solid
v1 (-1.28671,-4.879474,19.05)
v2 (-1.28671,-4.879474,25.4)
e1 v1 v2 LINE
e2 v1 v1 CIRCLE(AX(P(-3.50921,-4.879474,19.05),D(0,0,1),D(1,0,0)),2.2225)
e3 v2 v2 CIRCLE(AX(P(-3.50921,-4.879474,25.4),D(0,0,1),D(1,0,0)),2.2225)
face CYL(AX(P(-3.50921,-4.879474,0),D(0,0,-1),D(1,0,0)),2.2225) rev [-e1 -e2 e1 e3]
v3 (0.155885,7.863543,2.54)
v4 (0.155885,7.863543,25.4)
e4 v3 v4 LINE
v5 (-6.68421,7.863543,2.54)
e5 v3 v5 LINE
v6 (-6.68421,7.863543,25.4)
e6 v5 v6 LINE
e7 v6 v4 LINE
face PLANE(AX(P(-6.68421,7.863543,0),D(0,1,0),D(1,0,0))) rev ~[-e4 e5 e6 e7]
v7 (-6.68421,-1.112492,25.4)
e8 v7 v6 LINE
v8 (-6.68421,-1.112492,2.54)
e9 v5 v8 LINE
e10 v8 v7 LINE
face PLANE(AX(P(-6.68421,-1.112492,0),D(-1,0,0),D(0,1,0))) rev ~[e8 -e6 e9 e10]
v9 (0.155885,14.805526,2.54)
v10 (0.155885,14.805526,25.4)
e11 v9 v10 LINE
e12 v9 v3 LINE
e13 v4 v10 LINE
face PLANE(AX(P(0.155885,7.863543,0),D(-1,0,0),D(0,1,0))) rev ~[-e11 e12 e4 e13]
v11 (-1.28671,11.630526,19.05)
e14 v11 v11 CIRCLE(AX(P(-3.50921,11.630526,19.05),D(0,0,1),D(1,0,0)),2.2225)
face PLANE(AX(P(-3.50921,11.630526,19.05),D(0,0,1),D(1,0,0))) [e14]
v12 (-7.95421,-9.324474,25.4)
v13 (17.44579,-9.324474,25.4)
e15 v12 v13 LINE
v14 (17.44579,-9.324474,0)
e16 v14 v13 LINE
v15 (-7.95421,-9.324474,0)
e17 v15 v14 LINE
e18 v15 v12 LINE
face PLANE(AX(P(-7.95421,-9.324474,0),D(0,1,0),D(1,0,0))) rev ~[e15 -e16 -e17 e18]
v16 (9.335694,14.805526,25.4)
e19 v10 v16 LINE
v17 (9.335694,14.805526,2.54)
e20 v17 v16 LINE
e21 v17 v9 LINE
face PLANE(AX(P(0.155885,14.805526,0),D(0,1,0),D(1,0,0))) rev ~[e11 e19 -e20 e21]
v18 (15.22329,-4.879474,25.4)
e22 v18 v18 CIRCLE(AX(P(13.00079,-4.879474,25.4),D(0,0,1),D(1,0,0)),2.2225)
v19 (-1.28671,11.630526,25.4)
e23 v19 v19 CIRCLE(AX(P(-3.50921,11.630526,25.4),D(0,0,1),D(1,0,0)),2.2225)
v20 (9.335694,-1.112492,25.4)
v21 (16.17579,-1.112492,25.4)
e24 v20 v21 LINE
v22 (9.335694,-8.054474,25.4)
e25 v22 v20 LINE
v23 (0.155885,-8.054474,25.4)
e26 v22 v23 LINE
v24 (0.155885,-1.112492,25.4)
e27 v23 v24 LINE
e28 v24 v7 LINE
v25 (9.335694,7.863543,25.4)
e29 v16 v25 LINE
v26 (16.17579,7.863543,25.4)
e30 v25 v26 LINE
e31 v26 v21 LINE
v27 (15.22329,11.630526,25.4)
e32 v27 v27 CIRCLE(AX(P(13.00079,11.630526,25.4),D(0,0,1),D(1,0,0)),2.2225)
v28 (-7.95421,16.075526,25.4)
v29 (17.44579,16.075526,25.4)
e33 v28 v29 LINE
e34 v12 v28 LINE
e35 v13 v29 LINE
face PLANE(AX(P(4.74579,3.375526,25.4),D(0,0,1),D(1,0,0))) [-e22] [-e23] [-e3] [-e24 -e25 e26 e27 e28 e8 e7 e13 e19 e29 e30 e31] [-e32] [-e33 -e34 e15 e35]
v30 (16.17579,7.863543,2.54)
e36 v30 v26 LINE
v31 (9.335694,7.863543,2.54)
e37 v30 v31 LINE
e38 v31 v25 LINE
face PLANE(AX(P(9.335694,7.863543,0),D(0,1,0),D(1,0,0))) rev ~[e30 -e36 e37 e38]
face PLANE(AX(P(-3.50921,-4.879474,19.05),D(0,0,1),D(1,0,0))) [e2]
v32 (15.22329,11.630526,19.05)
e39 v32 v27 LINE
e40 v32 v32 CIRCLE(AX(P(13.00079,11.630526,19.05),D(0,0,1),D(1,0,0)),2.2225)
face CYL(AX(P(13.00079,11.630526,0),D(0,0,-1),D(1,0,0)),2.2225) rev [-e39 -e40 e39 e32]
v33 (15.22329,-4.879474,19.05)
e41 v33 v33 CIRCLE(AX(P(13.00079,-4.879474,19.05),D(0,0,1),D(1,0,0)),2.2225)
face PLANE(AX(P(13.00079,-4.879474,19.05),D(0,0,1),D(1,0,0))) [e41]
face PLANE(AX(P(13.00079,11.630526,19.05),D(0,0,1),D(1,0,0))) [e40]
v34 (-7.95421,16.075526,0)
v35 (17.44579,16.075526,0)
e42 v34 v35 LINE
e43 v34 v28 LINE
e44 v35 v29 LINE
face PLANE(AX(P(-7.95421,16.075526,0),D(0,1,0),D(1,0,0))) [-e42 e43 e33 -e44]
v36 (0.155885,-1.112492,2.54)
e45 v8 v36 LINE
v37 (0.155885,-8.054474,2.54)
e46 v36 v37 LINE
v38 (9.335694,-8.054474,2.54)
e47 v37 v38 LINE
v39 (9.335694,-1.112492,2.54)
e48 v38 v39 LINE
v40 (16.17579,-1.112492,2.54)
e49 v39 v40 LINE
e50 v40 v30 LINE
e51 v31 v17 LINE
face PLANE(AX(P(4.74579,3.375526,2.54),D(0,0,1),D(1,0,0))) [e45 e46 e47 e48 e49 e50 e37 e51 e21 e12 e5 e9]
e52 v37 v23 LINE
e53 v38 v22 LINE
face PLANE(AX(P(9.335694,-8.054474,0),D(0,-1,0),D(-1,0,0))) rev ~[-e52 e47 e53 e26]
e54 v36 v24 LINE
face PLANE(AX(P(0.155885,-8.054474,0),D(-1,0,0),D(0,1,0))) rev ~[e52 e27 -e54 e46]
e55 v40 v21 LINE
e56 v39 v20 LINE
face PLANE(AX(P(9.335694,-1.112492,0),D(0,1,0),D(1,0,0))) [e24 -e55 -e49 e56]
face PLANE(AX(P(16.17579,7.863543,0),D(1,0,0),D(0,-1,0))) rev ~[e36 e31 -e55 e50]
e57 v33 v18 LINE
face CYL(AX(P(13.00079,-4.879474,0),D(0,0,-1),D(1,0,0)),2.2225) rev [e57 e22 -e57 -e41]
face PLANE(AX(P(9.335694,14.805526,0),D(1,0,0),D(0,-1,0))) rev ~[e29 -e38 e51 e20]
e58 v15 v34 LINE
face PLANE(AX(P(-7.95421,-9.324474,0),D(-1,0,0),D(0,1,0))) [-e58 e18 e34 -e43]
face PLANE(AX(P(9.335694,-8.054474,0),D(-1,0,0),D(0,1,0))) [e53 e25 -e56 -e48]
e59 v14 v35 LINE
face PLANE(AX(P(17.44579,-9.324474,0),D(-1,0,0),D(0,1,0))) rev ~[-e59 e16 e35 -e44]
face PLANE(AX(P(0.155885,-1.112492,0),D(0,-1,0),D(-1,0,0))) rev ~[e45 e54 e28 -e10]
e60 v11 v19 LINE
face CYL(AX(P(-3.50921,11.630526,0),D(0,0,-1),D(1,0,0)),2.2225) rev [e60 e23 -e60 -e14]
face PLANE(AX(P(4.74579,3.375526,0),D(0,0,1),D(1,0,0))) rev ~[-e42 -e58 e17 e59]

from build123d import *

# Parameters (mm, degrees)
F1_DEPTH = 2.54
F0_R     = 2.2225
F2_DEPTH = 19.05
F0_W     = 25.4
F0_H     = 25.4
F0_W_2   = 6.8400954445
F0_H_2   = 6.9419826217
F3_DEPTH = 25.4


with BuildPart() as f1:
    # F0 (on Top) → F1 (new body)
    with BuildSketch(Plane.XY):
        Polygon((16.1757896501, -1.1124916385), (16.1757896501, 7.8635431181), (9.3356942055, 7.8635431181), (9.3356942055, 14.8055257398), (0.1558850946, 14.8055257398), (0.1558850946, 7.8635431181), (-6.6842103499, 7.8635431181), (-6.6842103499, -1.1124916385), (0.1558850946, -1.1124916385), (0.1558850946, -8.0544742602), (9.3356942055, -8.0544742602), (9.3356942055, -1.1124916385), align=None)
    extrude(amount=F1_DEPTH)



with BuildPart() as f2:
    # F0 (on Top) → F2 (new body)
    with BuildSketch(Plane.XY):
        with Locations((-3.5092103499, 11.6305257398)):
            Circle(F0_R)
    extrude(amount=F2_DEPTH)


with BuildPart() as f2b:
    # F0 (on Top) → F2, piece 2 (new body)
    with BuildSketch(Plane.XY):
        with Locations((13.0007896501, 11.6305257398)):
            Circle(F0_R)
    extrude(amount=F2_DEPTH)


with BuildPart() as f2c:
    # F0 (on Top) → F2, piece 3 (new body)
    with BuildSketch(Plane.XY):
        with Locations((13.0007896501, -4.8794742602)):
            Circle(F0_R)
    extrude(amount=F2_DEPTH)


with BuildPart() as f2d:
    # F0 (on Top) → F2, piece 4 (new body)
    with BuildSketch(Plane.XY):
        with Locations((-3.5092103499, -4.8794742602)):
            Circle(F0_R)
    extrude(amount=F2_DEPTH)


with BuildPart() as f1_1:
    add(f1.part)

    add(f2.part)  # F3 merges F2

    add(f2b.part)  # F3 merges F2b

    add(f2c.part)  # F3 merges F2c

    add(f2d.part)  # F3 merges F2d
    # F0 (on Top) → F3 (join)
    with BuildSketch(Plane.XY):
        with Locations((4.7457896501, 3.3755257398)):
            Rectangle(F0_W, F0_H)
        Polygon((13.6357896501, 14.8055257398), (16.1757896501, 14.8055257398), (16.1757896501, 7.8635431181), (16.1757896501, -1.1124916385), (16.1757896501, -8.0544742602), (9.3356942055, -8.0544742602), (0.1558850946, -8.0544742602), (-4.1442103499, -8.0544742602), (-6.6842103499, -8.0544742602), (-6.6842103499, -1.1124916385), (-6.6842103499, 7.8635431181), (-6.6842103499, 14.8055257398), (-4.1442103499, 14.8055257398), (0.1558850946, 14.8055257398), (9.3356942055, 14.8055257398), align=None, mode=Mode.SUBTRACT)
        Polygon((0.1558850946, 7.8635431181), (0.1558850946, 14.8055257398), (-4.1442103499, 14.8055257398), (-6.6842103499, 14.8055257398), (-6.6842103499, 7.8635431181), align=None)
        with Locations((-3.5092103499, 11.6305257398)):
            Circle(F0_R, mode=Mode.SUBTRACT)
        Polygon((-4.1442103499, -8.0544742602), (0.1558850946, -8.0544742602), (0.1558850946, -1.1124916385), (-6.6842103499, -1.1124916385), (-6.6842103499, -8.0544742602), align=None)
        with Locations((-3.5092103499, -4.8794742602)):
            Circle(F0_R, mode=Mode.SUBTRACT)
        with Locations((12.7557419278, -4.5834829494)):
            Rectangle(F0_W_2, F0_H_2)
        with Locations((13.0007896501, -4.8794742602)):
            Circle(F0_R, mode=Mode.SUBTRACT)
        Polygon((16.1757896501, 7.8635431181), (16.1757896501, 14.8055257398), (13.6357896501, 14.8055257398), (9.3356942055, 14.8055257398), (9.3356942055, 7.8635431181), align=None)
        with Locations((13.0007896501, 11.6305257398)):
            Circle(F0_R, mode=Mode.SUBTRACT)
    extrude(amount=F3_DEPTH)


solid = f1_1.part
